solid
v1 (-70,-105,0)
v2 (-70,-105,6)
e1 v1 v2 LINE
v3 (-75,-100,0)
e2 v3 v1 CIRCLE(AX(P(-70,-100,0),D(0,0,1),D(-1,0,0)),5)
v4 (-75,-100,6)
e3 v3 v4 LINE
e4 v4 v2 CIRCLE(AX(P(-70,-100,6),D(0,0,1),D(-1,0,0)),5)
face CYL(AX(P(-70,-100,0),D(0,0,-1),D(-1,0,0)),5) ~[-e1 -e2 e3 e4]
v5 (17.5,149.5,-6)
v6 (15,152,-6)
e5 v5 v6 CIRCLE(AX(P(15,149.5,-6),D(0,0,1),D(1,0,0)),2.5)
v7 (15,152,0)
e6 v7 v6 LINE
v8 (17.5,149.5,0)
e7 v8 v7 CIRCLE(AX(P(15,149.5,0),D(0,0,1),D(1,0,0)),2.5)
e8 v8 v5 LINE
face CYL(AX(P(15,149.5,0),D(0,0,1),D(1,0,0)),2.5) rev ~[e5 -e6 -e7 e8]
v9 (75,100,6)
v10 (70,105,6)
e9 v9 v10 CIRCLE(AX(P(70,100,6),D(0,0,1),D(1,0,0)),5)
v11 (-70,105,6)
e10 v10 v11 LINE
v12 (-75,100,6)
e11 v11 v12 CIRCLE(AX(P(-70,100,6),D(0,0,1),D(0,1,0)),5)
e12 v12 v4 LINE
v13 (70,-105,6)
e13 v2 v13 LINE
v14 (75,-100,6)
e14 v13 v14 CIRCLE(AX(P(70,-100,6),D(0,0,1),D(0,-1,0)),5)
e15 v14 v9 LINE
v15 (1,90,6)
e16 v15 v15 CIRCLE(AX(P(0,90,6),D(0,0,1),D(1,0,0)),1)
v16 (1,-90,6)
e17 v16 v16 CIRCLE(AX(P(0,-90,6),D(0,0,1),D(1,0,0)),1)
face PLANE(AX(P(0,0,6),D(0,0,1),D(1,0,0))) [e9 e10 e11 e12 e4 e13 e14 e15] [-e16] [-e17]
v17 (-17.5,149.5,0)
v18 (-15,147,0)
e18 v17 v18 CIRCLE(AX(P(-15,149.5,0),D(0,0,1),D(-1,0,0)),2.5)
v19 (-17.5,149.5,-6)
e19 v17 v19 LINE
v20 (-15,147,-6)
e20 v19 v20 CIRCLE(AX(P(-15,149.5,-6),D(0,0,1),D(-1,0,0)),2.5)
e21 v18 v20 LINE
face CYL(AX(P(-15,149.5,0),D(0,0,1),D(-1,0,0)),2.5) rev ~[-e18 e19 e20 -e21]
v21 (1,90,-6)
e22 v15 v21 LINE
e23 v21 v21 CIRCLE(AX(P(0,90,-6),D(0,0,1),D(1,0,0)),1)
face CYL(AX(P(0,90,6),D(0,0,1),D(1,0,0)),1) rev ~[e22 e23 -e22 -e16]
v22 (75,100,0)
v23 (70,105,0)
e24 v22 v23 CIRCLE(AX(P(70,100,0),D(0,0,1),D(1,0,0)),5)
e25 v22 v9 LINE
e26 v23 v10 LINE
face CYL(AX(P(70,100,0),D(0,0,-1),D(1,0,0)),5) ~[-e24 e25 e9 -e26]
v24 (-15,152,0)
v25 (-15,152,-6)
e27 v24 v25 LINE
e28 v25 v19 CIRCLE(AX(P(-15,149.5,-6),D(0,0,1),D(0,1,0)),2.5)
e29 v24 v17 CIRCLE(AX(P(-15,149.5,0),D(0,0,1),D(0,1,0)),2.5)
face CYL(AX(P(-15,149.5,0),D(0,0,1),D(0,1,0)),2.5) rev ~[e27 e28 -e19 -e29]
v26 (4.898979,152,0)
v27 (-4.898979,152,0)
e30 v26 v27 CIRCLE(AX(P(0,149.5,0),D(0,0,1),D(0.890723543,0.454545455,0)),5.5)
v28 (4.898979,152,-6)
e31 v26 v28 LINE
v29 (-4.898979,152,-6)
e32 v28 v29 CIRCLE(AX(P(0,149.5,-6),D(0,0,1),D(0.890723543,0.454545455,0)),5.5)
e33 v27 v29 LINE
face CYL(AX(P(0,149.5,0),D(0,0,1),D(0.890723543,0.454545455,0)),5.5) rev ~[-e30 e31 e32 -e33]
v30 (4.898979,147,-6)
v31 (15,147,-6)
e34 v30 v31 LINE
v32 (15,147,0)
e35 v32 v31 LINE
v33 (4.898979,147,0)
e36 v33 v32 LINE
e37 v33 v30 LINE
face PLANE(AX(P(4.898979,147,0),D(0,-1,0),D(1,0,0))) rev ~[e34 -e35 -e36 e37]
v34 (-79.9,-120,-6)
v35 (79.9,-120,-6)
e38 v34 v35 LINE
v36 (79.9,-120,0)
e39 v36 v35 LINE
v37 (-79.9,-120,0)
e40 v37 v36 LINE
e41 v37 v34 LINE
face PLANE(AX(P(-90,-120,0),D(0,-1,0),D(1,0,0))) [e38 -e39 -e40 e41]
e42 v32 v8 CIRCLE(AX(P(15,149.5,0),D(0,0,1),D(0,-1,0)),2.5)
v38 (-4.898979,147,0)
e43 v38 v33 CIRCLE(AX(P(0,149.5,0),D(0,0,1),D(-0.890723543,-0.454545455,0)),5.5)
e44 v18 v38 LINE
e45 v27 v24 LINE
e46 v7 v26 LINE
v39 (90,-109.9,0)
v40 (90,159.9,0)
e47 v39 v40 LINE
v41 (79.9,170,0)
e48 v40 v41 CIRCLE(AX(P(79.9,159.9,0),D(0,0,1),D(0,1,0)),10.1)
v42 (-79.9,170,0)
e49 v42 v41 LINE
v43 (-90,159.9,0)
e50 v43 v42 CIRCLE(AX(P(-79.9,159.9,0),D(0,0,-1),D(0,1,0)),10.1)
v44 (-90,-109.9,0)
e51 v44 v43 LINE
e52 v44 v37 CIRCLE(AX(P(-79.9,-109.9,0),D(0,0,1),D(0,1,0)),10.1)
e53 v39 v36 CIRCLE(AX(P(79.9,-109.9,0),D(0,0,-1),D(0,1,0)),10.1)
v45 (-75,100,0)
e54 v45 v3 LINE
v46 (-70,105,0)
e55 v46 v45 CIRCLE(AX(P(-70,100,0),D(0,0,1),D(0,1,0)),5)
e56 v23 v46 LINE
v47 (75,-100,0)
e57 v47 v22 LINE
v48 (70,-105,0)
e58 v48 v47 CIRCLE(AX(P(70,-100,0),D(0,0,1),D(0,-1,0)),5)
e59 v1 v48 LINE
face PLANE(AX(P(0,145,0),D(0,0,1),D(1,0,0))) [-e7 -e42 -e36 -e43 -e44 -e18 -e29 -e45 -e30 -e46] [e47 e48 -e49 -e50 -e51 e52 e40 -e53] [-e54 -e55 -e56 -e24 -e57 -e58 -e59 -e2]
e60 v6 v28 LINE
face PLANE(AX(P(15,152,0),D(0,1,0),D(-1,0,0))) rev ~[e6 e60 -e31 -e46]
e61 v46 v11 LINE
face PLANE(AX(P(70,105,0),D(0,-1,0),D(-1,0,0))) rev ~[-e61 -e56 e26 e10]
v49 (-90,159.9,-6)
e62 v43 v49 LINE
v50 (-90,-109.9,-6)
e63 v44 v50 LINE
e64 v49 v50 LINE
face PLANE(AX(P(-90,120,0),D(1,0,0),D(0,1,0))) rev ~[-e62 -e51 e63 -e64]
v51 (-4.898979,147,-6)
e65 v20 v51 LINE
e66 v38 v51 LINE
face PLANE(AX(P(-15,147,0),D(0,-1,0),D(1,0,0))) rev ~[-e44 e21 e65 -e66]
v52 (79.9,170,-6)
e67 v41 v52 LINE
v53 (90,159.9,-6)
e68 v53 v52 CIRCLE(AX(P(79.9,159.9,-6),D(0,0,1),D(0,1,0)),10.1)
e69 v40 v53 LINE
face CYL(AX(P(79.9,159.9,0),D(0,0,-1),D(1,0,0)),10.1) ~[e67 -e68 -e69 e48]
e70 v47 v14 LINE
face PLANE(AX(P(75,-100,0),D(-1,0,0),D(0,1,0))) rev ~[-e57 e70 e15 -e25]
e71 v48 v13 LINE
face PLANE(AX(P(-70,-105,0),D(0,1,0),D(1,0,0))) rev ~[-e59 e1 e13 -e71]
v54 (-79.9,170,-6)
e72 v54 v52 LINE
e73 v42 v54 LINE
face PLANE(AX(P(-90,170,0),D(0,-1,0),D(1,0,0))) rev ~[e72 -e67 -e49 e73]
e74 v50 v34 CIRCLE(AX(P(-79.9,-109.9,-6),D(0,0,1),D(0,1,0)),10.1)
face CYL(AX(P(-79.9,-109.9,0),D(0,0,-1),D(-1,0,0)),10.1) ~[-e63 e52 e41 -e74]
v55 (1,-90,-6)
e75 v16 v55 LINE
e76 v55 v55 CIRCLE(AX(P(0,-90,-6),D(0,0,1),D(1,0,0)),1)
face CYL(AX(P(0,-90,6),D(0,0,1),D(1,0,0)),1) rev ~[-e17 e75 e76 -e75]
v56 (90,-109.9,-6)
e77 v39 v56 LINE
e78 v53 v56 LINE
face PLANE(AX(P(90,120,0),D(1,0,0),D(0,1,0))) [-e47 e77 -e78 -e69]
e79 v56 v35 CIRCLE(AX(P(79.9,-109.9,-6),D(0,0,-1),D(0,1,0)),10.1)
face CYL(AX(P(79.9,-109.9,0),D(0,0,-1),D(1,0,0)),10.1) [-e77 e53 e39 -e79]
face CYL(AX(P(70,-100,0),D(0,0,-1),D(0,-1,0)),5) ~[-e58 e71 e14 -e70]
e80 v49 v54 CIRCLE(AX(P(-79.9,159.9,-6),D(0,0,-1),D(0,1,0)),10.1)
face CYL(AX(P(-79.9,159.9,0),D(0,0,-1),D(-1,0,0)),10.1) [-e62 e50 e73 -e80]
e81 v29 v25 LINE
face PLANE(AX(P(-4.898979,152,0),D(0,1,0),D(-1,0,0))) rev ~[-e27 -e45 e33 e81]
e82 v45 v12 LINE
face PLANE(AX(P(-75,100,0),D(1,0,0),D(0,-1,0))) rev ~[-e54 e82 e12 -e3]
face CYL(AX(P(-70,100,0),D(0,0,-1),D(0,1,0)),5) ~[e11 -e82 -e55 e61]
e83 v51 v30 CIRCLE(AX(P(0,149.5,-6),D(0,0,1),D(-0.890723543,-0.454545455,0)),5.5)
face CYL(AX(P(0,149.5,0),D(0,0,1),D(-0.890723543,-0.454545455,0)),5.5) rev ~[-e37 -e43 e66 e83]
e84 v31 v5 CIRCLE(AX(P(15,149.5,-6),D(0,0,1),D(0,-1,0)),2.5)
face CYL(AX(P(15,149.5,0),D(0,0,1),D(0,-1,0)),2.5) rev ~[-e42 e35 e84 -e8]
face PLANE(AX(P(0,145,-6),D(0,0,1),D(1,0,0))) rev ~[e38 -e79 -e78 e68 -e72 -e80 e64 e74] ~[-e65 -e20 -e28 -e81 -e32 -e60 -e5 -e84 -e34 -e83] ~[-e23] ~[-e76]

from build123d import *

# Parameters (mm, degrees)
F1_DEPTH  = 6
F2_W      = 180
F2_H      = 240
F3_DEPTH  = 6
F4_W      = 180
F4_H      = 50
F5_DEPTH  = 6
F6_R      = 10.1
F8_DEPTH  = 25
F9_R      = 1
F10_DEPTH = 25


with BuildPart() as f1:
    # F0 (on Top) → F1 (new body)
    with BuildSketch(Plane.XY):
        with BuildLine():
            ThreePointArc((75, 100), (73.5355339059, 103.5355339059), (70, 105))
            Line((70, 105), (-70, 105))
            ThreePointArc((-70, 105), (-73.5355339059, 103.5355339059), (-75, 100))
            Line((-75, 100), (-75, -100))
            ThreePointArc((-75, -100), (-73.5355339059, -103.5355339059), (-70, -105))
            Line((-70, -105), (70, -105))
            ThreePointArc((70, -105), (73.5355339059, -103.5355339059), (75, -100))
            Line((75, -100), (75, 100))
        make_face()
    extrude(amount=F1_DEPTH)

    # F2 (on face) → F3 (join)
    with BuildSketch(Plane(origin=(0, 0, 0), x_dir=(1, 0, 0), z_dir=(0, 0, -1))):
        Rectangle(F2_W, F2_H)
        with BuildLine():
            ThreePointArc((75, -100), (73.5355339059, -103.5355339059), (70, -105))
            Line((70, -105), (-70, -105))
            ThreePointArc((-70, -105), (-73.5355339059, -103.5355339059), (-75, -100))
            Line((-75, -100), (-75, 100))
            ThreePointArc((-75, 100), (-73.5355339059, 103.5355339059), (-70, 105))
            Line((-70, 105), (70, 105))
            ThreePointArc((70, 105), (73.5355339059, 103.5355339059), (75, 100))
            Line((75, 100), (75, -100))
        make_face(mode=Mode.SUBTRACT)
        with BuildLine():
            Line((-70, -105), (70, -105))
            ThreePointArc((70, -105), (73.5355339059, -103.5355339059), (75, -100))
            Line((75, -100), (75, 100))
            ThreePointArc((75, 100), (73.5355339059, 103.5355339059), (70, 105))
            Line((70, 105), (-70, 105))
            ThreePointArc((-70, 105), (-73.5355339059, 103.5355339059), (-75, 100))
            Line((-75, 100), (-75, -100))
            ThreePointArc((-75, -100), (-73.5355339059, -103.5355339059), (-70, -105))
        make_face()
    extrude(amount=F3_DEPTH)

    # F4 (on face) → F5 (join)
    with BuildSketch(Plane.XY):
        with Locations((0, 145)):
            Rectangle(F4_W, F4_H)
    extrude(amount=-F5_DEPTH)

    # F6
    f6_edges = [f1.edges().sort_by_distance(p)[0] for p in [
        (-90, 170, -3),
        (90, 170, -3),
        (-90, -120, -3),
        (90, -120, -3),
    ]]
    fillet(f6_edges, radius=F6_R)

    # F7 (on face) → F8 (cut)
    with BuildSketch(Plane.XY):
        with BuildLine():
            ThreePointArc((4.8989794856, 147), (5.3476343915, 148.2143848108), (5.5, 149.5))
            ThreePointArc((5.5, 149.5), (5.3476343915, 150.7856151892), (4.8989794856, 152))
            Line((4.8989794856, 152), (-4.8989794856, 152))
            ThreePointArc((-4.8989794856, 152), (-5.5, 149.5), (-4.8989794856, 147))
            Line((-4.8989794856, 147), (4.8989794856, 147))
        make_face()
        with BuildLine():
            ThreePointArc((4.8989794856, 152), (5.3476343915, 150.7856151892), (5.5, 149.5))
            ThreePointArc((5.5, 149.5), (5.3476343915, 148.2143848108), (4.8989794856, 147))
            Line((4.8989794856, 147), (15, 147))
            ThreePointArc((15, 147), (16.767766953, 147.732233047), (17.5, 149.5))
            ThreePointArc((17.5, 149.5), (16.767766953, 151.267766953), (15, 152))
            Line((15, 152), (4.8989794856, 152))
        make_face()
        with BuildLine():
            Line((-4.8989794856, 152), (4.8989794856, 152))
            ThreePointArc((4.8989794856, 152), (0, 155), (-4.8989794856, 152))
        make_face()
        with BuildLine():
            ThreePointArc((-4.8989794856, 147), (0, 144), (4.8989794856, 147))
            Line((4.8989794856, 147), (-4.8989794856, 147))
        make_face()
        with BuildLine():
            ThreePointArc((-4.8989794856, 147), (-5.5, 149.5), (-4.8989794856, 152))
            Line((-4.8989794856, 152), (-15, 152))
            ThreePointArc((-15, 152), (-16.767766953, 151.267766953), (-17.5, 149.5))
            ThreePointArc((-17.5, 149.5), (-16.767766953, 147.732233047), (-15, 147))
            Line((-15, 147), (-4.8989794856, 147))
        make_face()
    extrude(amount=-F8_DEPTH, mode=Mode.SUBTRACT)

    # F9 (on face) → F10 (cut)
    with BuildSketch(Plane.XY.offset(6)):
        with Locations((0, 90)):
            Circle(F9_R)
        with Locations((0, -90)):
            Circle(F9_R)
    extrude(amount=-F10_DEPTH, mode=Mode.SUBTRACT)


solid = f1.part
